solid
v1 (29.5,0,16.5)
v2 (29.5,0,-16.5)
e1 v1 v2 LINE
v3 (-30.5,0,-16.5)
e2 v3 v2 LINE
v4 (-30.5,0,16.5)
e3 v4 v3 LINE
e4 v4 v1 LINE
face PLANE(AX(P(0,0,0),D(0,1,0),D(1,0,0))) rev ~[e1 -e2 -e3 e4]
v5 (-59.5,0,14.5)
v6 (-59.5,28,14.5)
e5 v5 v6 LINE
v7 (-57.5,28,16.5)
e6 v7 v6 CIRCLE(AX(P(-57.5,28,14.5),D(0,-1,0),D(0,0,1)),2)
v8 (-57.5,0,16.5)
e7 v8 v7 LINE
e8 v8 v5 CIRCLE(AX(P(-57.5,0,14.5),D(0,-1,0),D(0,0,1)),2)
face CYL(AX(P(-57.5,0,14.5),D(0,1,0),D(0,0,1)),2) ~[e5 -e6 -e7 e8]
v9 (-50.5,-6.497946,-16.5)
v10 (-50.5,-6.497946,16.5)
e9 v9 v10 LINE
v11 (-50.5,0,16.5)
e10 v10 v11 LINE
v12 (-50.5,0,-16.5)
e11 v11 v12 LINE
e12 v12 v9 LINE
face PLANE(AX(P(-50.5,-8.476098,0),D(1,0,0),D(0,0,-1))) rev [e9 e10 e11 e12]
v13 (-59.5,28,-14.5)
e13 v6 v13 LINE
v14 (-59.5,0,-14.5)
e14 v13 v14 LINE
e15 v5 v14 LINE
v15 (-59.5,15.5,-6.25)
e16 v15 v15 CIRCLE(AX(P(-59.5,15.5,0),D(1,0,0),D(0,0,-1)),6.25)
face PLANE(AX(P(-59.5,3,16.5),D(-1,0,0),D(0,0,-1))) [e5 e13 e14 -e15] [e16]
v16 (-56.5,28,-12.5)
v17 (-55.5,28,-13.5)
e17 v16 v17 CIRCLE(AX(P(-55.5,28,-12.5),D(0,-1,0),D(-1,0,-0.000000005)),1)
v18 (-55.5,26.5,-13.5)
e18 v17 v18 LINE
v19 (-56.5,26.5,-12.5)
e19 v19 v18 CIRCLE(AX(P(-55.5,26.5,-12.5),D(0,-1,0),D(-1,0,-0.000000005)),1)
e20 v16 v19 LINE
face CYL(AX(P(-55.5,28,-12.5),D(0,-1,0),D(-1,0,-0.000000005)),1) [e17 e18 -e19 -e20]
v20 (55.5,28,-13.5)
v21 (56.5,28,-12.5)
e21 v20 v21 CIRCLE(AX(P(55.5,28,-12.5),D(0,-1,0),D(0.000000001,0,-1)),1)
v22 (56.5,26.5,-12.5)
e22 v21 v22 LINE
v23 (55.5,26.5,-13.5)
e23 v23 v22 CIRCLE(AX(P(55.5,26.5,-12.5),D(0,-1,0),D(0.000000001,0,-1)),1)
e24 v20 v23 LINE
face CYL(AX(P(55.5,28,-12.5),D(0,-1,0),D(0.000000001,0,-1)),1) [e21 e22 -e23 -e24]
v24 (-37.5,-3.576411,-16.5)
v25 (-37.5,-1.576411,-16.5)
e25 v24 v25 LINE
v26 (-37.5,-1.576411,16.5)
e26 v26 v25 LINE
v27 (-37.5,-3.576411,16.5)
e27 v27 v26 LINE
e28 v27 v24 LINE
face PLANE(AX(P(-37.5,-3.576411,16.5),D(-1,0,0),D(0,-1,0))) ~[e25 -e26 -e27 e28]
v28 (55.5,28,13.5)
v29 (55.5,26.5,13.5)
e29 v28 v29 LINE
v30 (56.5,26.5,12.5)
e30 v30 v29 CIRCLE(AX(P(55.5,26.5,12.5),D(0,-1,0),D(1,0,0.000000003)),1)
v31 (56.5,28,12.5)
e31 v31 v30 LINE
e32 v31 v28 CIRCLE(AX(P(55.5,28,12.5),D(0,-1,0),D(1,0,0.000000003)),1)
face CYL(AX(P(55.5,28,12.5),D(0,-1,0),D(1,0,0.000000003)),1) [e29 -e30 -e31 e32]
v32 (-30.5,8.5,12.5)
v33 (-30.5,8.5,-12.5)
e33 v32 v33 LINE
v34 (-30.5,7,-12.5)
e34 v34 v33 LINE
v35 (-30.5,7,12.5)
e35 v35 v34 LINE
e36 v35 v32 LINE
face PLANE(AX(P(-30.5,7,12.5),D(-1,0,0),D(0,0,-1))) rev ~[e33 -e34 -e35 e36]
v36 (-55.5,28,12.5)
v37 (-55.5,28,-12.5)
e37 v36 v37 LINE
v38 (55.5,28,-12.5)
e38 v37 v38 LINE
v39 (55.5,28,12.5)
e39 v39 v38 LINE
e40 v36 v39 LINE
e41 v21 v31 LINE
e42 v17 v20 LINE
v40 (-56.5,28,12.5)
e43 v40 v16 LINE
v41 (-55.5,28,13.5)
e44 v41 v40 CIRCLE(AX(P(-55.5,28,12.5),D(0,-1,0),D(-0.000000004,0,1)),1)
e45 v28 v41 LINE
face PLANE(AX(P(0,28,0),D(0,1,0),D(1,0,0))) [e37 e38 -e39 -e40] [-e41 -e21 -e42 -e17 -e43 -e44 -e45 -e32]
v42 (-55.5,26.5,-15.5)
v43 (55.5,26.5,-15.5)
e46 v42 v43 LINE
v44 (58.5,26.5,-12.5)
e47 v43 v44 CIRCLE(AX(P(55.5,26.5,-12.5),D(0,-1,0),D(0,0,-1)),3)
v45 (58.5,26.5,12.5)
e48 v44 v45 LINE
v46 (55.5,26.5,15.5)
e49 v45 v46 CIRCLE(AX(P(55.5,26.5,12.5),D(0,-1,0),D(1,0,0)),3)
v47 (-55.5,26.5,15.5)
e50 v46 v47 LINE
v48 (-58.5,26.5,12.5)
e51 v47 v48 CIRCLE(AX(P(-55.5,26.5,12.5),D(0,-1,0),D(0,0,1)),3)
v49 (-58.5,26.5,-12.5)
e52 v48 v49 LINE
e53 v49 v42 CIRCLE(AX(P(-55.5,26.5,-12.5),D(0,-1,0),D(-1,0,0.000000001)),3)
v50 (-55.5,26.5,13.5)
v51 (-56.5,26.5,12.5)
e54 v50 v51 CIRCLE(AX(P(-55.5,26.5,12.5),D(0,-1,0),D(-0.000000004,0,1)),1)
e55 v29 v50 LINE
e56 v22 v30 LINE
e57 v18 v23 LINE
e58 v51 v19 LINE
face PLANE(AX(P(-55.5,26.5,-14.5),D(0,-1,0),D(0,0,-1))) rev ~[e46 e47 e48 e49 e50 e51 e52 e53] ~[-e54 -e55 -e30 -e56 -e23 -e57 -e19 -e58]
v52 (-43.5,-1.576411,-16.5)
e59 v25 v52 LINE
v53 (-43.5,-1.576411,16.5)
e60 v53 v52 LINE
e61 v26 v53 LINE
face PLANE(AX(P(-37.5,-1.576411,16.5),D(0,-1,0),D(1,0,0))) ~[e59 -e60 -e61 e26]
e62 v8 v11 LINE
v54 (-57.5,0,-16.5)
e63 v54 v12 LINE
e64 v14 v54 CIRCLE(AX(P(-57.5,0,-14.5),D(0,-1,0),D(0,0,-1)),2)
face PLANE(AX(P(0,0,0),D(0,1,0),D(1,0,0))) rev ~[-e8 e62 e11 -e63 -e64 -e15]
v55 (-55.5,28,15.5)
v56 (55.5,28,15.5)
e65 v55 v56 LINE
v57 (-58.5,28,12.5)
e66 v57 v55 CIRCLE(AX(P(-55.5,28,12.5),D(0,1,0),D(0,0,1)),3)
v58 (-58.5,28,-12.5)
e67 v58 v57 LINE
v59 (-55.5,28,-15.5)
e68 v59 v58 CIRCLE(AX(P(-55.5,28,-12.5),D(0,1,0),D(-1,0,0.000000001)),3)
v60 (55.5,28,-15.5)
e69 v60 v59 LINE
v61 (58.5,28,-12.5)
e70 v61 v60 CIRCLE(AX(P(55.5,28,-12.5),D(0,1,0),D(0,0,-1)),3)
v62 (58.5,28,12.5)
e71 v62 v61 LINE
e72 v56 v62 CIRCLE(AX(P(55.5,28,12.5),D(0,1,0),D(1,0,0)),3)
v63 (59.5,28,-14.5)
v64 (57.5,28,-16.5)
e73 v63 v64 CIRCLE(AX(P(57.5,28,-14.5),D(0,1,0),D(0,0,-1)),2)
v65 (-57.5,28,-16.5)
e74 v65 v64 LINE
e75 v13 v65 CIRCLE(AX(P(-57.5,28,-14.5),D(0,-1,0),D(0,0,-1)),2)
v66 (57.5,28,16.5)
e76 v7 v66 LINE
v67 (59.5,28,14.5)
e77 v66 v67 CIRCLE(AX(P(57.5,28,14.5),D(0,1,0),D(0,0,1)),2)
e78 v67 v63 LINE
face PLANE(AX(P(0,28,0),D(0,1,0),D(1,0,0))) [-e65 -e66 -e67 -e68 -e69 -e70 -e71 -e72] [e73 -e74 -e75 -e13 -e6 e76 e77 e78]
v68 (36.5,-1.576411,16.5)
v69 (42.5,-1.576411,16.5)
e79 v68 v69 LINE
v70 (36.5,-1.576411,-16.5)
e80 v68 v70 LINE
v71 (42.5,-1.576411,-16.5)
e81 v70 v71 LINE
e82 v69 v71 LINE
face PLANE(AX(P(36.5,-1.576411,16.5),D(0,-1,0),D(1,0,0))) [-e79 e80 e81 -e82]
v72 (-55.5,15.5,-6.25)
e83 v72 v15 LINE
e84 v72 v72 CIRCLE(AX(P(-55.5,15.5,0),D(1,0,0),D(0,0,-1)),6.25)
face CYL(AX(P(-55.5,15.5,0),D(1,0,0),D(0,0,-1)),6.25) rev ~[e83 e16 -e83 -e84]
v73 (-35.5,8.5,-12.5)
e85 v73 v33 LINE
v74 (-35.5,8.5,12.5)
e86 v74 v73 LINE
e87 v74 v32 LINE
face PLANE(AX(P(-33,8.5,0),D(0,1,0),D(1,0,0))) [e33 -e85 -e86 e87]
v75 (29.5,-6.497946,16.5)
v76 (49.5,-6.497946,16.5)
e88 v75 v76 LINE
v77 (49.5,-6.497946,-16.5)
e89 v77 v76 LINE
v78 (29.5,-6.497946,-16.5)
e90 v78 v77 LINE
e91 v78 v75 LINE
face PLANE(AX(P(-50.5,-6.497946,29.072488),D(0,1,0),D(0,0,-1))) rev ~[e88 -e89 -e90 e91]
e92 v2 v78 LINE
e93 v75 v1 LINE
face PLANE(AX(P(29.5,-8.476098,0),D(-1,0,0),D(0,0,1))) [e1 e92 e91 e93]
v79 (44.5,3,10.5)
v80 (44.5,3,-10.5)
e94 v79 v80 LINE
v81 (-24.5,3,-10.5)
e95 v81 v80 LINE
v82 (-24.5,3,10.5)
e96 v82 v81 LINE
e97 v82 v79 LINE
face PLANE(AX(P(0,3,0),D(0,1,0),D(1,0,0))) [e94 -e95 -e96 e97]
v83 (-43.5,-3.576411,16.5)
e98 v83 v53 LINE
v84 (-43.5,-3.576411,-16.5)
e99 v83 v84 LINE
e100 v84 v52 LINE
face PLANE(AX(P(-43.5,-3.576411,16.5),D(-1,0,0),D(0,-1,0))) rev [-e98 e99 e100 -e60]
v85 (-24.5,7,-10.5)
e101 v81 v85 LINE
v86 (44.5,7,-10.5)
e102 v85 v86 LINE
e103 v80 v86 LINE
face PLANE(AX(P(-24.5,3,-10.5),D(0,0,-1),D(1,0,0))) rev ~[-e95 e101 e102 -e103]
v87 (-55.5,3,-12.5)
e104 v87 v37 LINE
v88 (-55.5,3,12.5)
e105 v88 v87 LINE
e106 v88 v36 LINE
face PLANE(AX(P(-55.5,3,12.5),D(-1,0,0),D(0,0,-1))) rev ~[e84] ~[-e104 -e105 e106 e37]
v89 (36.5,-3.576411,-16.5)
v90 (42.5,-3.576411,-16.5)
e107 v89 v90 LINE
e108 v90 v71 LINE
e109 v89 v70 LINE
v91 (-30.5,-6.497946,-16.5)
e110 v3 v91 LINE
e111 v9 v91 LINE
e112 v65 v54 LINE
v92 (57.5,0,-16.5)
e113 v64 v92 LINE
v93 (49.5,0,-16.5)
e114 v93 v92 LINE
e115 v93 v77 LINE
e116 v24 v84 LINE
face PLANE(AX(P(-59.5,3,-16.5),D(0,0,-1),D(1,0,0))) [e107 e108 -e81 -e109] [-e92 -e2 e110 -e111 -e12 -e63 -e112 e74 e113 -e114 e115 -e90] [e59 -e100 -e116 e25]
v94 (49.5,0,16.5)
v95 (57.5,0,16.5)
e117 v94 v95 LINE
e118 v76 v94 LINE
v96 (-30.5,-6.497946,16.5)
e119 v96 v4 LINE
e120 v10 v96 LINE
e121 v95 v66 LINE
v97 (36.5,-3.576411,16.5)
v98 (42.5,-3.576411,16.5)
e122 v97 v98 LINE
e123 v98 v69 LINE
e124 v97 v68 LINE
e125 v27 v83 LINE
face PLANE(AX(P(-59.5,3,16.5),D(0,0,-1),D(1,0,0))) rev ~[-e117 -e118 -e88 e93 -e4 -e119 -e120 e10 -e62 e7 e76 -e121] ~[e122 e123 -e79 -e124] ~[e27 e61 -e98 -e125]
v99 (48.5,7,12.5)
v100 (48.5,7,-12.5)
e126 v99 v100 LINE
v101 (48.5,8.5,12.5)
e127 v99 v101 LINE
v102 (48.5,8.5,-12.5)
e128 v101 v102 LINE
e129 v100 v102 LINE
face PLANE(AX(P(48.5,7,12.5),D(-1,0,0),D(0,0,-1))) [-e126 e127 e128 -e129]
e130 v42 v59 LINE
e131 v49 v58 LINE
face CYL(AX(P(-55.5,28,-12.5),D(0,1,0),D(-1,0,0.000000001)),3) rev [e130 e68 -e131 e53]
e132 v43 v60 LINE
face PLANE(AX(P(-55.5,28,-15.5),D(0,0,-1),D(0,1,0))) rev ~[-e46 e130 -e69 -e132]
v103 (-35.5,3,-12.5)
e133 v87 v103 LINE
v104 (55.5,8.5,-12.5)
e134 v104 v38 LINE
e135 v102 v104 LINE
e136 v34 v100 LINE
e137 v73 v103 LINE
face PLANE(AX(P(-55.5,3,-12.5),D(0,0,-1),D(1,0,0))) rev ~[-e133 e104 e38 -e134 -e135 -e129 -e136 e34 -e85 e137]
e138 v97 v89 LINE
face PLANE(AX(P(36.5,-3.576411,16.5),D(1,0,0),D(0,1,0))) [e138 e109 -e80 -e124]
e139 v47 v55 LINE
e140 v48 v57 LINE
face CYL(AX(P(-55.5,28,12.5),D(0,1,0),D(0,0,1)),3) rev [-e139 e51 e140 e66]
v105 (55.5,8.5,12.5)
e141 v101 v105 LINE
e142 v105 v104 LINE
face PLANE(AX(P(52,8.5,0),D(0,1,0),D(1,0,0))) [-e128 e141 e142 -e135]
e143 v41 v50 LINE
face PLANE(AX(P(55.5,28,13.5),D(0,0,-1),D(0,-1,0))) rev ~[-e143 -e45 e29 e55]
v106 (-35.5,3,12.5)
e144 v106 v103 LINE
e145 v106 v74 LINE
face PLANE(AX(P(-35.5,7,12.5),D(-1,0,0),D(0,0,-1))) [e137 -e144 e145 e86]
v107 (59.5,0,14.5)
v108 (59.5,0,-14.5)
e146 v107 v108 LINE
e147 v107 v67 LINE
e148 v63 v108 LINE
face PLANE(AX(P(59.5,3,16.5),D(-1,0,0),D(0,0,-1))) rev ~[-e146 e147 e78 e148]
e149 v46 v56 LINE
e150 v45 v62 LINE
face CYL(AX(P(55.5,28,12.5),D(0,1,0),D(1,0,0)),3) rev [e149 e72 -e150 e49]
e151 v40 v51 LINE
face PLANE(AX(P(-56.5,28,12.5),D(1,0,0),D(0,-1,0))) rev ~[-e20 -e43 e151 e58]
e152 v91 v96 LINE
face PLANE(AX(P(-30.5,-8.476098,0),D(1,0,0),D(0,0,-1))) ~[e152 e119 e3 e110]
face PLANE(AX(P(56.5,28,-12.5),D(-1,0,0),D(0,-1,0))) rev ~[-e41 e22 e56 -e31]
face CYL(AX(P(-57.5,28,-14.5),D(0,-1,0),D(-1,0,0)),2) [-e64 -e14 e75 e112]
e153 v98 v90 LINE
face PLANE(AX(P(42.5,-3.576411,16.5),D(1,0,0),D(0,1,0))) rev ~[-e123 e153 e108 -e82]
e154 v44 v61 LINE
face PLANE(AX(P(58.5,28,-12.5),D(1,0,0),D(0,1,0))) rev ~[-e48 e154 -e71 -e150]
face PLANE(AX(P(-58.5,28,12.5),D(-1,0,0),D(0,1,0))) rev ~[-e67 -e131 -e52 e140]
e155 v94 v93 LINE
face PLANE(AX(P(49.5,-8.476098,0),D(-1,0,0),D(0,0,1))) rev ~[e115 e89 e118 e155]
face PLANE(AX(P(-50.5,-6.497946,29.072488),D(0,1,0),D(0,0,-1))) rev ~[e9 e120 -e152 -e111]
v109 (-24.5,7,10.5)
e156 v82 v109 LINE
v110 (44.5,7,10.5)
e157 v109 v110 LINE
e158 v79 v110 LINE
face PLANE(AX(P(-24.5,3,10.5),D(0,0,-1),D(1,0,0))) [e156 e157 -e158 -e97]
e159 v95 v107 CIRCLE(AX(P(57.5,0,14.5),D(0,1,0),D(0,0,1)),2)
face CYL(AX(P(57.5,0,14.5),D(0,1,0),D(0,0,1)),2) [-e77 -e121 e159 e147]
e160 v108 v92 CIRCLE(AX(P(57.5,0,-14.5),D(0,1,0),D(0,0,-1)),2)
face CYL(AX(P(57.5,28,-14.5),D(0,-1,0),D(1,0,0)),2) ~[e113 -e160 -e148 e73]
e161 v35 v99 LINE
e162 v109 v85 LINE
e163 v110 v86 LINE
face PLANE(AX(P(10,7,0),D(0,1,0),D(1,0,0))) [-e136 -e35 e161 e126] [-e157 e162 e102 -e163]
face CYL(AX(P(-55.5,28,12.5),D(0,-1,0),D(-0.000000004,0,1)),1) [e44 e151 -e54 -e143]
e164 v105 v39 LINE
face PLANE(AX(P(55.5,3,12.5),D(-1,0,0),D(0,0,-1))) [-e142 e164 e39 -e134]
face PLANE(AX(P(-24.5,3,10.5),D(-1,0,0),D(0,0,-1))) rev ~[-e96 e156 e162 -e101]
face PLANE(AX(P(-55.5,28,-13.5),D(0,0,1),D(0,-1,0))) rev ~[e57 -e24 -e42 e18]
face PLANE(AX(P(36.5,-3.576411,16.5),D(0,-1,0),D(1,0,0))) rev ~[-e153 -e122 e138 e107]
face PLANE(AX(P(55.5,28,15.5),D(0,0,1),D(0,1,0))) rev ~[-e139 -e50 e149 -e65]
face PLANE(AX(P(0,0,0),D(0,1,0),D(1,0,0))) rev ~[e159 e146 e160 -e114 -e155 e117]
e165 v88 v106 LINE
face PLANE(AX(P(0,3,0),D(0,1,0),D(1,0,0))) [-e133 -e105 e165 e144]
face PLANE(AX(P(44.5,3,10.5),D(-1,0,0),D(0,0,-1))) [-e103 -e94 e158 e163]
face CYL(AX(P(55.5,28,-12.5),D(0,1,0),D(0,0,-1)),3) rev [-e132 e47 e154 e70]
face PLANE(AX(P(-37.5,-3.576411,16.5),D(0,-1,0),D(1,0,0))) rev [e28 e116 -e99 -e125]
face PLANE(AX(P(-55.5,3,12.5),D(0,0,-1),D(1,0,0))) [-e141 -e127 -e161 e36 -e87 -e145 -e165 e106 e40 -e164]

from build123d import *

# Parameters (mm, degrees)
SZKIC5_W                    = 119
SZKIC5_H                    = 33
DODANIE_WYCI_GNI_CIE3_DEPTH = 3
SZKIC6_W                    = 119
SZKIC6_H                    = 33
SZKIC6_W_2                  = 111
SZKIC6_H_2                  = 25
DODANIE_WYCI_GNI_CIE4_DEPTH = 25
SZKIC7_W                    = 91
SZKIC7_H                    = 25
SZKIC7_W_2                  = 69
SZKIC7_H_2                  = 21
DODANIE_WYCI_GNI_CIE5_DEPTH = 4
SZKIC8_W                    = 5
SZKIC8_H                    = 25
SZKIC8_W_2                  = 7
DODANIE_WYCI_GNI_CIE6_DEPTH = 1.5
SZKIC10_R                   = 6.25
WYTNIJ_WYCI_GNI_CIE1_DEPTH  = 7.5
SZKIC22_W                   = 2
SZKIC22_H                   = 3
BOSS_EXTRUDE2_DEPTH         = 20
FILLET1_R                   = 2
SKETCH2_W                   = 6
SKETCH2_H                   = 2
CUT_EXTRUDE1_DEPTH          = 33
FILLET2_R                   = 2
FILLET3_R                   = 2
CUT_EXTRUDE2_DEPTH          = 111


with BuildPart() as part:
    # Szkic5 → Dodanie-wyciągnięcie3 (new body)
    with BuildSketch(Plane(origin=(0, 0, 0), x_dir=(1, 0, 0), z_dir=(0, 1, 0))):
        Rectangle(SZKIC5_W, SZKIC5_H)
    extrude(amount=DODANIE_WYCI_GNI_CIE3_DEPTH)

    # Szkic6 → Dodanie-wyciągnięcie4 (add)
    with BuildSketch(Plane(origin=(0, 3, 0), x_dir=(1, 0, 0), z_dir=(0, 1, 0))):
        Rectangle(SZKIC6_W, SZKIC6_H)
        Rectangle(SZKIC6_W_2, SZKIC6_H_2, mode=Mode.SUBTRACT)
    extrude(amount=DODANIE_WYCI_GNI_CIE4_DEPTH)

    # Szkic7 → Dodanie-wyciągnięcie5 (add)
    with BuildSketch(Plane(origin=(0, 3, 0), x_dir=(1, 0, 0), z_dir=(0, 1, 0))):
        with Locations((10, 0)):
            Rectangle(SZKIC7_W, SZKIC7_H)
        with Locations((10, 0)):
            Rectangle(SZKIC7_W_2, SZKIC7_H_2, mode=Mode.SUBTRACT)
    extrude(amount=DODANIE_WYCI_GNI_CIE5_DEPTH)

    # Szkic8 → Dodanie-wyciągnięcie6 (add)
    with BuildSketch(Plane(origin=(0, 7, 0), x_dir=(1, 0, 0), z_dir=(0, 1, 0))):
        with Locations((-33, 0)):
            Rectangle(SZKIC8_W, SZKIC8_H)
        with Locations((52, 0)):
            Rectangle(SZKIC8_W_2, SZKIC8_H)
    extrude(amount=DODANIE_WYCI_GNI_CIE6_DEPTH)

    # Szkic10 → Wytnij-wyciągnięcie1 (cut)
    with BuildSketch(Plane(origin=(-55.5, 0, 0), x_dir=(0, 0, -1), z_dir=(1, 0, 0))):
        with Locations((0, 15.5)):
            Circle(SZKIC10_R)
    extrude(amount=-WYTNIJ_WYCI_GNI_CIE1_DEPTH, mode=Mode.SUBTRACT)

    # Wycięcie-wyciągnięcie po ścieżce1: sweep along a path in Szkic21
    with BuildLine(Plane(origin=(0, 28, 0), x_dir=(1, 0, 0), z_dir=(0, 1, 0))) as wyci_cie_wyci_gni_cie_po_cie_ce1_path:
        Line((-55.5, 14.5), (55.5, 14.5))
        ThreePointArc((55.5, 14.5), (56.914213562, 13.914213562), (57.5, 12.5))
        Line((57.5, 12.5), (57.5, -12.5))
        ThreePointArc((57.5, -12.5), (56.914213562, -13.914213562), (55.5, -14.5))
        Line((55.5, -14.5), (-55.5, -14.5))
        ThreePointArc((-55.5, -14.5), (-56.914213562, -13.914213562), (-57.5, -12.5))
        Line((-57.5, -12.5), (-57.5, 12.5))
        ThreePointArc((-57.5, 12.5), (-56.914213562, 13.914213562), (-55.5, 14.5))
    # Szkic22 → Wycięcie-wyciągnięcie po ścieżce1 (sweep, cut)
    with BuildSketch(Plane(origin=(49.5, 0, 0), x_dir=(0, 0, -1), z_dir=(1, 0, 0))):
        with Locations((14.5, 28)):
            Rectangle(SZKIC22_W, SZKIC22_H)
    sweep(path=wyci_cie_wyci_gni_cie_po_cie_ce1_path.line, mode=Mode.SUBTRACT)

    # Sketch1 → Boss-Extrude2 (add)
    with BuildSketch(Plane(origin=(49.5, 0, 0), x_dir=(0, 0, -1), z_dir=(1, 0, 0))):
        with BuildLine():
            Line((-16.5, 0), (16.5, 0))
            Line((16.5, 0), (16.5, -9))
            Line((16.5, -9), (17.83044843, -12))
            Line((17.83044843, -12), (18, -18.997946289))
            Line((18, -18.997946289), (12.5, -18.997946289))
            ThreePointArc((12.5, -18.997946289), (0, -6.497946289), (-12.5, -18.997946289))
            Line((-12.5, -18.997946289), (-18, -18.997946289))
            Line((-18, -18.997946289), (-17.83044843, -12))
            Line((-17.83044843, -12), (-16.5, -9))
            Line((-16.5, -9), (-16.5, 0))
        make_face()
    boss_extrude2 = extrude(amount=-BOSS_EXTRUDE2_DEPTH)

    # Fillet1
    fillet1_edges = [part.edges().sort_by_distance(p)[0] for p in [
        (39.5, -12, -17.83044843),
        (39.5, -18.997946289, -18),
        (39.5, -18.997946289, 18),
        (39.5, -12, 17.83044843),
        (39.5, -9, 16.5),
        (39.5, -9, -16.5),
    ]]
    fillet(fillet1_edges, radius=FILLET1_R)

    # Sketch2 → Cut-Extrude1 (cut)
    with BuildSketch(Plane.XY.offset(16.5)):
        with Locations((39.5, -2.576410505)):
            Rectangle(SKETCH2_W, SKETCH2_H)
    cut_extrude1 = extrude(amount=-CUT_EXTRUDE1_DEPTH, mode=Mode.SUBTRACT)

    # Mirror1: Boss-Extrude2 across plane
    add(boss_extrude2.mirror(Plane(origin=(-0.5, 0, 0), x_dir=(0, 0, 1), z_dir=(1, 0, 0))))

    # Mirror4: Cut-Extrude1 across plane
    add(cut_extrude1.mirror(Plane(origin=(-0.5, 0, 0), x_dir=(0, 0, 1), z_dir=(1, 0, 0))), mode=Mode.SUBTRACT)

    # Fillet2
    fillet2_edges = [part.edges().sort_by_distance(p)[0] for p in [
        (-40.5, -18.997946289, -18),
        (-40.5, -12, -17.83044843),
        (-40.5, -9, -16.5),
        (-40.5, -9, 16.5),
        (-40.5, -12, 17.83044843),
        (-40.5, -18.997946289, 18),
    ]]
    fillet(fillet2_edges, radius=FILLET2_R)

    # Fillet3
    fillet3_edges = [part.edges().sort_by_distance(p)[0] for p in [
        (59.5, 14, 16.5),
        (-59.5, 14, 16.5),
        (-59.5, 14, -16.5),
        (59.5, 14, -16.5),
    ]]
    fillet(fillet3_edges, radius=FILLET3_R)

    # Sketch3 → Cut-Extrude2 (cut, through all)
    with BuildSketch(Plane.ZY.offset(50.5)):
        Polygon((0, -6.497946289), (29.072487689, -6.497946289), (29.072487689, -24.547767437), (-22.707347074, -24.547767437), (-22.707347074, -6.497946289), align=None)
    extrude(amount=-CUT_EXTRUDE2_DEPTH, mode=Mode.SUBTRACT)


solid = part.part
